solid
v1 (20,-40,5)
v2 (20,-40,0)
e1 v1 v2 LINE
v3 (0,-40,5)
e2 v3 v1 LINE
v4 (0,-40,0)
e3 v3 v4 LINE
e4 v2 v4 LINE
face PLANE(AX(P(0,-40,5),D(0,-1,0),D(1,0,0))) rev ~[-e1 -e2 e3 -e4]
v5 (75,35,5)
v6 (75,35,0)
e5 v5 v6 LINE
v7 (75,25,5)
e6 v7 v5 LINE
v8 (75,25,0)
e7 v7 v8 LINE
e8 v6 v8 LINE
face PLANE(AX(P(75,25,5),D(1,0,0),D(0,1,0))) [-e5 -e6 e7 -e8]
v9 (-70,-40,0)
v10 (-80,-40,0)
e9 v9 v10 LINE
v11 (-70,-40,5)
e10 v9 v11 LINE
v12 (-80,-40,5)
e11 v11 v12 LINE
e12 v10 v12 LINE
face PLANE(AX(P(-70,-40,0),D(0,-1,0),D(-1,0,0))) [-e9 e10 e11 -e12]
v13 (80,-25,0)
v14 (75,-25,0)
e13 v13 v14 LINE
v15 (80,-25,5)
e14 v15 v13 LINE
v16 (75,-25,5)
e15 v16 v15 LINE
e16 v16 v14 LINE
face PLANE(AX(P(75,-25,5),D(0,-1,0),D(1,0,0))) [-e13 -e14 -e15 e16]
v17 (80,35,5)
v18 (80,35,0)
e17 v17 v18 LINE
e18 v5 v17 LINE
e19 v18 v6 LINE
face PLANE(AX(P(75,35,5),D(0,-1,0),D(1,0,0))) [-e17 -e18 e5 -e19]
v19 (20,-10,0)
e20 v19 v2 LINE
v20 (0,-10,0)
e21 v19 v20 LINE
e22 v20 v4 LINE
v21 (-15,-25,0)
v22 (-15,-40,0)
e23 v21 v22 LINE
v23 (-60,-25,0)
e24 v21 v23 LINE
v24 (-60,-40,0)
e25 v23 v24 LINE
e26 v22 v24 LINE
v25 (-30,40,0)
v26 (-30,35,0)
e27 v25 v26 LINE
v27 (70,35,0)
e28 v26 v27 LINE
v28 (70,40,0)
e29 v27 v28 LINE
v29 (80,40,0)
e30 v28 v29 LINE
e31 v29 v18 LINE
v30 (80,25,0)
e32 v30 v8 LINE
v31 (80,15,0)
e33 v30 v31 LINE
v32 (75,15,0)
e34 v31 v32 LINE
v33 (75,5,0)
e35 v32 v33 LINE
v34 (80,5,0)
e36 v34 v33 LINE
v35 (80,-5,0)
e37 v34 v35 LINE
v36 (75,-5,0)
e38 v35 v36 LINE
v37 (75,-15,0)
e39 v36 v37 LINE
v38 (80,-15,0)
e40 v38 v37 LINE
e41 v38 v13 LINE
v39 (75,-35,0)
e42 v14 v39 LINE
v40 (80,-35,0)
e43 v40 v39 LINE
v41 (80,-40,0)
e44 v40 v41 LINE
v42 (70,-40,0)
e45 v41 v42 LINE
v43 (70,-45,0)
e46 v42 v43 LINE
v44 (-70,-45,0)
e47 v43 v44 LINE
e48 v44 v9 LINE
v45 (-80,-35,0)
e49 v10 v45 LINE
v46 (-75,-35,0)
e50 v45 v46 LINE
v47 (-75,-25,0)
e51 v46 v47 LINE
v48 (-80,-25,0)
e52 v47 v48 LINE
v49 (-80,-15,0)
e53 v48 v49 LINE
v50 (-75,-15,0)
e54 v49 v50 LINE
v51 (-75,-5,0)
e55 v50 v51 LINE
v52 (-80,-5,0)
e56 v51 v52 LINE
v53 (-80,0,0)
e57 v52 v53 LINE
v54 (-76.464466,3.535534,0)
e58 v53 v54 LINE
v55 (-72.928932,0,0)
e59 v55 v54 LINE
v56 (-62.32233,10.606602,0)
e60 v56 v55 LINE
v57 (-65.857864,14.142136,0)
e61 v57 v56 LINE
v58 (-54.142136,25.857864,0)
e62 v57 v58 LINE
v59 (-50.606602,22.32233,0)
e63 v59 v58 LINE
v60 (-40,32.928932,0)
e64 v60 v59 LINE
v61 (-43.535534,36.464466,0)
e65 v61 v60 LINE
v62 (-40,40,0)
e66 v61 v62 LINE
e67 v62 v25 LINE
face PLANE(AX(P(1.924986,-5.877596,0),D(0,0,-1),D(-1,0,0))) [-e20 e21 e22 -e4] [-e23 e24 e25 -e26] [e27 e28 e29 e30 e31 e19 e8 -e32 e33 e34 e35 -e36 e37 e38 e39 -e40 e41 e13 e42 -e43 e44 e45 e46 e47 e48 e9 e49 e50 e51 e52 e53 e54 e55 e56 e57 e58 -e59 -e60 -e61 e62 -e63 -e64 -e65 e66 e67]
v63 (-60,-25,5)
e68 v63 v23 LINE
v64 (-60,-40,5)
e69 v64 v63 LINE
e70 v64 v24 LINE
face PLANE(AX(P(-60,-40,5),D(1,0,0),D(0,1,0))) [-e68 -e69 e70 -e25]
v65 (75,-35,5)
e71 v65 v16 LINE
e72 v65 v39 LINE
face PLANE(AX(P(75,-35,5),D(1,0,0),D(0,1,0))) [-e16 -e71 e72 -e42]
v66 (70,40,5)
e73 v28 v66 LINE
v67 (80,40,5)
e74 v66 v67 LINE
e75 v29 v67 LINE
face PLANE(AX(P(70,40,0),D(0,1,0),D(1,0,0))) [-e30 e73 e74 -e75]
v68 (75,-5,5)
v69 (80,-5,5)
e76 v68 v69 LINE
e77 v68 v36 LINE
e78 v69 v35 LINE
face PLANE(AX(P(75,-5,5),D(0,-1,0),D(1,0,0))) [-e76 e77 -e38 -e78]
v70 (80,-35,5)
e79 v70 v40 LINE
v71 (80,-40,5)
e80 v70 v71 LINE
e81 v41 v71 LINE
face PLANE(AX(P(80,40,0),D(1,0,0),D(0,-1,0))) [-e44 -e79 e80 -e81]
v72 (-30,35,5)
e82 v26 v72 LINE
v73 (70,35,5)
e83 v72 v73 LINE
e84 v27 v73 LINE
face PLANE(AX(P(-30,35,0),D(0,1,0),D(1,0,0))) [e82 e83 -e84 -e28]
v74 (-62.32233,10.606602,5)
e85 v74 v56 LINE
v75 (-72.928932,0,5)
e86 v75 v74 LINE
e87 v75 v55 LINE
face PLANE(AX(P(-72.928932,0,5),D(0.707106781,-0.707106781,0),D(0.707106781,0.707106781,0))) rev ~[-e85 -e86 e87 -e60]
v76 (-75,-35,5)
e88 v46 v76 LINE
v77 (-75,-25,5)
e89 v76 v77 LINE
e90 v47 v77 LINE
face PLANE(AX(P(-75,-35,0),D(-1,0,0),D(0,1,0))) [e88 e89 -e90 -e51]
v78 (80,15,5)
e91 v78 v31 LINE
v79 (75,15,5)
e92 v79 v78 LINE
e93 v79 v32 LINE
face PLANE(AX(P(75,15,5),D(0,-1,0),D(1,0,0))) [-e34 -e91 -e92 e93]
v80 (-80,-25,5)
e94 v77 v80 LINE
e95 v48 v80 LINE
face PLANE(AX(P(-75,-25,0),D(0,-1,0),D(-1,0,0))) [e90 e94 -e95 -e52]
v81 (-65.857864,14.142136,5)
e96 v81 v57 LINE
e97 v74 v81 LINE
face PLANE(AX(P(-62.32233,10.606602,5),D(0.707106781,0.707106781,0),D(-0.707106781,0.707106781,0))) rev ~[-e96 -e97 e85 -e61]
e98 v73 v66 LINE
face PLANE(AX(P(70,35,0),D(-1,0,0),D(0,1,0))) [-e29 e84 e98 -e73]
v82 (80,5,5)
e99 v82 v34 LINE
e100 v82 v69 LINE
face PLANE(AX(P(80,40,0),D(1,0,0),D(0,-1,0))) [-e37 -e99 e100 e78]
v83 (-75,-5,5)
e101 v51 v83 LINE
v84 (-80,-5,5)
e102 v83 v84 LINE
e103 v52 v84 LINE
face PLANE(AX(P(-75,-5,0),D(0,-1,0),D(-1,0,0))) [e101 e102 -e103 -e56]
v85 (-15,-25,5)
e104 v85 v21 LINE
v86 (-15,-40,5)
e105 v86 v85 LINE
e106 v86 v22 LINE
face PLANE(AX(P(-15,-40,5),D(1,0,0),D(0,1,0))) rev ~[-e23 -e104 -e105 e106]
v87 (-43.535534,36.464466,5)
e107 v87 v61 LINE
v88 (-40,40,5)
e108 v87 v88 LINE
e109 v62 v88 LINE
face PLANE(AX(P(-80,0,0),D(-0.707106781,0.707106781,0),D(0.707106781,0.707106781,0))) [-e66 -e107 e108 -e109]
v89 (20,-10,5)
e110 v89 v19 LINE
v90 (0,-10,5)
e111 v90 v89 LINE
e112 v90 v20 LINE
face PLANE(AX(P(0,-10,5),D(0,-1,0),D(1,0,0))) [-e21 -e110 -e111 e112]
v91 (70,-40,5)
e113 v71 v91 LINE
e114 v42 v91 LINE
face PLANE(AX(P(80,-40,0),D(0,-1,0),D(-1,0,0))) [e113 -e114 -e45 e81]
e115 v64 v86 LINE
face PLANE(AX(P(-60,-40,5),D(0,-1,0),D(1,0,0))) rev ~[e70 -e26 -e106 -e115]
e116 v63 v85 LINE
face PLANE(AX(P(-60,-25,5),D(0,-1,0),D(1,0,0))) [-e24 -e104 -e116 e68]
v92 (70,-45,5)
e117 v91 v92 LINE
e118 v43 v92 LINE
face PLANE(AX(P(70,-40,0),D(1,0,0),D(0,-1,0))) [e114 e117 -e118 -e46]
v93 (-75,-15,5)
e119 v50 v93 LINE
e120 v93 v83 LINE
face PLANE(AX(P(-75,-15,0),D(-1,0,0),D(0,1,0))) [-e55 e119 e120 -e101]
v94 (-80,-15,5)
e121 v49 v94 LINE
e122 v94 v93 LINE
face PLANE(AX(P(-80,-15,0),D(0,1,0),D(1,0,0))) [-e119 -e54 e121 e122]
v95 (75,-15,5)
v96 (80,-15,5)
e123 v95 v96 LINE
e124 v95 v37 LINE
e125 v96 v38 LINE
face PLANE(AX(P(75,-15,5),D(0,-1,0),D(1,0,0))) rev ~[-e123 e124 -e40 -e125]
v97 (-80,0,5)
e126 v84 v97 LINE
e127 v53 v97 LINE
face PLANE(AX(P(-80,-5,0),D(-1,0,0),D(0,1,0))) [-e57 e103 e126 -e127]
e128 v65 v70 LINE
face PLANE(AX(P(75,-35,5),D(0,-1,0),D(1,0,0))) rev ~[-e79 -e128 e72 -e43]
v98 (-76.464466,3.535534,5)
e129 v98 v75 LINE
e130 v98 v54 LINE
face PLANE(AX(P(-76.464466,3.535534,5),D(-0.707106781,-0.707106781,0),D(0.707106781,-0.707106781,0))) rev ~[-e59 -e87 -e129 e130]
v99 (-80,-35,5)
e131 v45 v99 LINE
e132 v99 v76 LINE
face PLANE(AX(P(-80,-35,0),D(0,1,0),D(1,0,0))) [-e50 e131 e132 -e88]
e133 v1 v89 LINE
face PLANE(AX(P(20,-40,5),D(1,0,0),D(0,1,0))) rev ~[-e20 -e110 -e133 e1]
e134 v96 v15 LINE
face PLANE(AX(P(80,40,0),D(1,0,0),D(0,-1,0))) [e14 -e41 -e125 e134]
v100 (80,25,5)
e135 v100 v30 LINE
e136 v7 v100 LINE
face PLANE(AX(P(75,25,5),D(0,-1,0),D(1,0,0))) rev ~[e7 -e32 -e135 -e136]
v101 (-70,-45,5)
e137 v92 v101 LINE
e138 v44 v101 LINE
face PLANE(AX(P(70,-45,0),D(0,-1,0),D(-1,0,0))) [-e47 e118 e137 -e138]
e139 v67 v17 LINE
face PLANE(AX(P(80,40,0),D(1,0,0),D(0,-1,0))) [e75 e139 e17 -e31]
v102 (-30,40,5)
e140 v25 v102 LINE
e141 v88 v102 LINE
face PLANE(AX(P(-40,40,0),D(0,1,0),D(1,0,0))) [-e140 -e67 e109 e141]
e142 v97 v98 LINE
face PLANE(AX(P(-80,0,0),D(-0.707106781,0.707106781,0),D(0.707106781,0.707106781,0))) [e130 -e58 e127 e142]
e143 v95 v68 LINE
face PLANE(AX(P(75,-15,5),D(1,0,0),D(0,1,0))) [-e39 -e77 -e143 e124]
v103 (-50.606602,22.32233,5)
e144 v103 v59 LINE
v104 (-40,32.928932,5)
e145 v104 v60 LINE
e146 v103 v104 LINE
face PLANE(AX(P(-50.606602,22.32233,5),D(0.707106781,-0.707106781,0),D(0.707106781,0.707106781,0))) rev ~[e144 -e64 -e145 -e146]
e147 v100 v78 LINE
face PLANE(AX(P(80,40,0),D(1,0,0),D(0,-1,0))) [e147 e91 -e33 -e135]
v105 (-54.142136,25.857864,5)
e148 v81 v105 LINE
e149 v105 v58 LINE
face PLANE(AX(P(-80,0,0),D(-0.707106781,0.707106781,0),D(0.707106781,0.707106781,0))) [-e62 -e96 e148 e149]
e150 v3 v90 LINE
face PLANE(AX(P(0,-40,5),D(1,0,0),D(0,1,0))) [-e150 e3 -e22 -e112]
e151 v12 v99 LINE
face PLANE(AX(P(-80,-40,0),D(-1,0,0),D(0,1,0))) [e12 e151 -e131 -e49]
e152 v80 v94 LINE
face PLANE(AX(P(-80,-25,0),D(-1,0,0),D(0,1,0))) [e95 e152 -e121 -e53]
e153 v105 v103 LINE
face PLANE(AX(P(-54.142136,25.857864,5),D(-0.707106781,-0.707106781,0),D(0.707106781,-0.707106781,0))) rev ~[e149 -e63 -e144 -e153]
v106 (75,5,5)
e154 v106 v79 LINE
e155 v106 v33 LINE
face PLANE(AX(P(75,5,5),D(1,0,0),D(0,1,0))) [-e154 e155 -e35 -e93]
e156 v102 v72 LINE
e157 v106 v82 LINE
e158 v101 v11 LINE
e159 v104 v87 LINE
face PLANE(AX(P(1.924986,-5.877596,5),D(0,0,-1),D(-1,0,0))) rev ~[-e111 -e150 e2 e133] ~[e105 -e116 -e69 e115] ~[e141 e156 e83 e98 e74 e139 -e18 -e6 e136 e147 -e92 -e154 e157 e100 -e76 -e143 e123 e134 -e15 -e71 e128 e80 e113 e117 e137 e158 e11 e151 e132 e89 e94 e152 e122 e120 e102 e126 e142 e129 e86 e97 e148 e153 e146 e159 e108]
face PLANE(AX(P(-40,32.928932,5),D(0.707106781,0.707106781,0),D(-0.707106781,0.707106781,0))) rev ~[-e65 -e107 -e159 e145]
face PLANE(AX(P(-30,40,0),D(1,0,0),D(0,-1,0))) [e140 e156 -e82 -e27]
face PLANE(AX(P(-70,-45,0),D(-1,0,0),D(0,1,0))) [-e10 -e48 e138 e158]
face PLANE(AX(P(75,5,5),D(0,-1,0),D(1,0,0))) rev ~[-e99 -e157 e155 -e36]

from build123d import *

# Parameters (mm, degrees)
BOSS_EXTRU_1_DEPTH      = 5
ESQUISSE2_W             = 5
ESQUISSE2_H             = 10
ENL_V_MAT_EXTRU_1_DEPTH = 10
ENL_V_MAT_EXTRU_2_DEPTH = 10
ESQUISSE4_W             = 45
ESQUISSE4_H             = 15
ESQUISSE4_W_2           = 20
ESQUISSE4_H_2           = 30
ENL_V_MAT_EXTRU_3_DEPTH = 10


with BuildPart() as part:
    # Esquisse1 → Boss.-Extru.1 (new body)
    with BuildSketch(Plane.XY):
        Polygon((-80, 0), (-40, 40), (-30, 40), (-30, 35), (70, 35), (70, 40), (80, 40), (80, -40), (70, -40), (70, -45), (-70, -45), (-70, -40), (-80, -40), (-80, -35), (-75, -35), (-75, -25), (-80, -25), (-80, -15), (-75, -15), (-75, -5), (-80, -5), align=None)
    extrude(amount=BOSS_EXTRU_1_DEPTH)

    # Esquisse2 → Enlèv. mat.-Extru.1 (cut)
    with BuildSketch(Plane.XY.offset(5)):
        with Locations((77.5, -30)):
            Rectangle(ESQUISSE2_W, ESQUISSE2_H)
        with Locations((77.5, -10)):
            Rectangle(ESQUISSE2_W, ESQUISSE2_H)
        with Locations((77.5, 10)):
            Rectangle(ESQUISSE2_W, ESQUISSE2_H)
        with Locations((77.5, 30)):
            Rectangle(ESQUISSE2_W, ESQUISSE2_H)
    extrude(amount=-ENL_V_MAT_EXTRU_1_DEPTH, mode=Mode.SUBTRACT)

    # Esquisse3 → Enlèv. mat.-Extru.2 (cut)
    with BuildSketch(Plane.XY.offset(5)):
        Polygon((-43.535533906, 36.464466094), (-54.142135624, 25.857864376), (-50.606601718, 22.32233047), (-40, 32.928932188), align=None)
        Polygon((-65.857864376, 14.142135624), (-76.464466094, 3.535533906), (-72.928932188, 0), (-62.32233047, 10.606601718), align=None)
    extrude(amount=-ENL_V_MAT_EXTRU_2_DEPTH, mode=Mode.SUBTRACT)

    # Esquisse4 → Enlèv. mat.-Extru.3 (cut)
    with BuildSketch(Plane.XY.offset(5)):
        with Locations((-37.5, -32.5)):
            Rectangle(ESQUISSE4_W, ESQUISSE4_H)
        with Locations((10, -25)):
            Rectangle(ESQUISSE4_W_2, ESQUISSE4_H_2)
    extrude(amount=-ENL_V_MAT_EXTRU_3_DEPTH, mode=Mode.SUBTRACT)


solid = part.part
